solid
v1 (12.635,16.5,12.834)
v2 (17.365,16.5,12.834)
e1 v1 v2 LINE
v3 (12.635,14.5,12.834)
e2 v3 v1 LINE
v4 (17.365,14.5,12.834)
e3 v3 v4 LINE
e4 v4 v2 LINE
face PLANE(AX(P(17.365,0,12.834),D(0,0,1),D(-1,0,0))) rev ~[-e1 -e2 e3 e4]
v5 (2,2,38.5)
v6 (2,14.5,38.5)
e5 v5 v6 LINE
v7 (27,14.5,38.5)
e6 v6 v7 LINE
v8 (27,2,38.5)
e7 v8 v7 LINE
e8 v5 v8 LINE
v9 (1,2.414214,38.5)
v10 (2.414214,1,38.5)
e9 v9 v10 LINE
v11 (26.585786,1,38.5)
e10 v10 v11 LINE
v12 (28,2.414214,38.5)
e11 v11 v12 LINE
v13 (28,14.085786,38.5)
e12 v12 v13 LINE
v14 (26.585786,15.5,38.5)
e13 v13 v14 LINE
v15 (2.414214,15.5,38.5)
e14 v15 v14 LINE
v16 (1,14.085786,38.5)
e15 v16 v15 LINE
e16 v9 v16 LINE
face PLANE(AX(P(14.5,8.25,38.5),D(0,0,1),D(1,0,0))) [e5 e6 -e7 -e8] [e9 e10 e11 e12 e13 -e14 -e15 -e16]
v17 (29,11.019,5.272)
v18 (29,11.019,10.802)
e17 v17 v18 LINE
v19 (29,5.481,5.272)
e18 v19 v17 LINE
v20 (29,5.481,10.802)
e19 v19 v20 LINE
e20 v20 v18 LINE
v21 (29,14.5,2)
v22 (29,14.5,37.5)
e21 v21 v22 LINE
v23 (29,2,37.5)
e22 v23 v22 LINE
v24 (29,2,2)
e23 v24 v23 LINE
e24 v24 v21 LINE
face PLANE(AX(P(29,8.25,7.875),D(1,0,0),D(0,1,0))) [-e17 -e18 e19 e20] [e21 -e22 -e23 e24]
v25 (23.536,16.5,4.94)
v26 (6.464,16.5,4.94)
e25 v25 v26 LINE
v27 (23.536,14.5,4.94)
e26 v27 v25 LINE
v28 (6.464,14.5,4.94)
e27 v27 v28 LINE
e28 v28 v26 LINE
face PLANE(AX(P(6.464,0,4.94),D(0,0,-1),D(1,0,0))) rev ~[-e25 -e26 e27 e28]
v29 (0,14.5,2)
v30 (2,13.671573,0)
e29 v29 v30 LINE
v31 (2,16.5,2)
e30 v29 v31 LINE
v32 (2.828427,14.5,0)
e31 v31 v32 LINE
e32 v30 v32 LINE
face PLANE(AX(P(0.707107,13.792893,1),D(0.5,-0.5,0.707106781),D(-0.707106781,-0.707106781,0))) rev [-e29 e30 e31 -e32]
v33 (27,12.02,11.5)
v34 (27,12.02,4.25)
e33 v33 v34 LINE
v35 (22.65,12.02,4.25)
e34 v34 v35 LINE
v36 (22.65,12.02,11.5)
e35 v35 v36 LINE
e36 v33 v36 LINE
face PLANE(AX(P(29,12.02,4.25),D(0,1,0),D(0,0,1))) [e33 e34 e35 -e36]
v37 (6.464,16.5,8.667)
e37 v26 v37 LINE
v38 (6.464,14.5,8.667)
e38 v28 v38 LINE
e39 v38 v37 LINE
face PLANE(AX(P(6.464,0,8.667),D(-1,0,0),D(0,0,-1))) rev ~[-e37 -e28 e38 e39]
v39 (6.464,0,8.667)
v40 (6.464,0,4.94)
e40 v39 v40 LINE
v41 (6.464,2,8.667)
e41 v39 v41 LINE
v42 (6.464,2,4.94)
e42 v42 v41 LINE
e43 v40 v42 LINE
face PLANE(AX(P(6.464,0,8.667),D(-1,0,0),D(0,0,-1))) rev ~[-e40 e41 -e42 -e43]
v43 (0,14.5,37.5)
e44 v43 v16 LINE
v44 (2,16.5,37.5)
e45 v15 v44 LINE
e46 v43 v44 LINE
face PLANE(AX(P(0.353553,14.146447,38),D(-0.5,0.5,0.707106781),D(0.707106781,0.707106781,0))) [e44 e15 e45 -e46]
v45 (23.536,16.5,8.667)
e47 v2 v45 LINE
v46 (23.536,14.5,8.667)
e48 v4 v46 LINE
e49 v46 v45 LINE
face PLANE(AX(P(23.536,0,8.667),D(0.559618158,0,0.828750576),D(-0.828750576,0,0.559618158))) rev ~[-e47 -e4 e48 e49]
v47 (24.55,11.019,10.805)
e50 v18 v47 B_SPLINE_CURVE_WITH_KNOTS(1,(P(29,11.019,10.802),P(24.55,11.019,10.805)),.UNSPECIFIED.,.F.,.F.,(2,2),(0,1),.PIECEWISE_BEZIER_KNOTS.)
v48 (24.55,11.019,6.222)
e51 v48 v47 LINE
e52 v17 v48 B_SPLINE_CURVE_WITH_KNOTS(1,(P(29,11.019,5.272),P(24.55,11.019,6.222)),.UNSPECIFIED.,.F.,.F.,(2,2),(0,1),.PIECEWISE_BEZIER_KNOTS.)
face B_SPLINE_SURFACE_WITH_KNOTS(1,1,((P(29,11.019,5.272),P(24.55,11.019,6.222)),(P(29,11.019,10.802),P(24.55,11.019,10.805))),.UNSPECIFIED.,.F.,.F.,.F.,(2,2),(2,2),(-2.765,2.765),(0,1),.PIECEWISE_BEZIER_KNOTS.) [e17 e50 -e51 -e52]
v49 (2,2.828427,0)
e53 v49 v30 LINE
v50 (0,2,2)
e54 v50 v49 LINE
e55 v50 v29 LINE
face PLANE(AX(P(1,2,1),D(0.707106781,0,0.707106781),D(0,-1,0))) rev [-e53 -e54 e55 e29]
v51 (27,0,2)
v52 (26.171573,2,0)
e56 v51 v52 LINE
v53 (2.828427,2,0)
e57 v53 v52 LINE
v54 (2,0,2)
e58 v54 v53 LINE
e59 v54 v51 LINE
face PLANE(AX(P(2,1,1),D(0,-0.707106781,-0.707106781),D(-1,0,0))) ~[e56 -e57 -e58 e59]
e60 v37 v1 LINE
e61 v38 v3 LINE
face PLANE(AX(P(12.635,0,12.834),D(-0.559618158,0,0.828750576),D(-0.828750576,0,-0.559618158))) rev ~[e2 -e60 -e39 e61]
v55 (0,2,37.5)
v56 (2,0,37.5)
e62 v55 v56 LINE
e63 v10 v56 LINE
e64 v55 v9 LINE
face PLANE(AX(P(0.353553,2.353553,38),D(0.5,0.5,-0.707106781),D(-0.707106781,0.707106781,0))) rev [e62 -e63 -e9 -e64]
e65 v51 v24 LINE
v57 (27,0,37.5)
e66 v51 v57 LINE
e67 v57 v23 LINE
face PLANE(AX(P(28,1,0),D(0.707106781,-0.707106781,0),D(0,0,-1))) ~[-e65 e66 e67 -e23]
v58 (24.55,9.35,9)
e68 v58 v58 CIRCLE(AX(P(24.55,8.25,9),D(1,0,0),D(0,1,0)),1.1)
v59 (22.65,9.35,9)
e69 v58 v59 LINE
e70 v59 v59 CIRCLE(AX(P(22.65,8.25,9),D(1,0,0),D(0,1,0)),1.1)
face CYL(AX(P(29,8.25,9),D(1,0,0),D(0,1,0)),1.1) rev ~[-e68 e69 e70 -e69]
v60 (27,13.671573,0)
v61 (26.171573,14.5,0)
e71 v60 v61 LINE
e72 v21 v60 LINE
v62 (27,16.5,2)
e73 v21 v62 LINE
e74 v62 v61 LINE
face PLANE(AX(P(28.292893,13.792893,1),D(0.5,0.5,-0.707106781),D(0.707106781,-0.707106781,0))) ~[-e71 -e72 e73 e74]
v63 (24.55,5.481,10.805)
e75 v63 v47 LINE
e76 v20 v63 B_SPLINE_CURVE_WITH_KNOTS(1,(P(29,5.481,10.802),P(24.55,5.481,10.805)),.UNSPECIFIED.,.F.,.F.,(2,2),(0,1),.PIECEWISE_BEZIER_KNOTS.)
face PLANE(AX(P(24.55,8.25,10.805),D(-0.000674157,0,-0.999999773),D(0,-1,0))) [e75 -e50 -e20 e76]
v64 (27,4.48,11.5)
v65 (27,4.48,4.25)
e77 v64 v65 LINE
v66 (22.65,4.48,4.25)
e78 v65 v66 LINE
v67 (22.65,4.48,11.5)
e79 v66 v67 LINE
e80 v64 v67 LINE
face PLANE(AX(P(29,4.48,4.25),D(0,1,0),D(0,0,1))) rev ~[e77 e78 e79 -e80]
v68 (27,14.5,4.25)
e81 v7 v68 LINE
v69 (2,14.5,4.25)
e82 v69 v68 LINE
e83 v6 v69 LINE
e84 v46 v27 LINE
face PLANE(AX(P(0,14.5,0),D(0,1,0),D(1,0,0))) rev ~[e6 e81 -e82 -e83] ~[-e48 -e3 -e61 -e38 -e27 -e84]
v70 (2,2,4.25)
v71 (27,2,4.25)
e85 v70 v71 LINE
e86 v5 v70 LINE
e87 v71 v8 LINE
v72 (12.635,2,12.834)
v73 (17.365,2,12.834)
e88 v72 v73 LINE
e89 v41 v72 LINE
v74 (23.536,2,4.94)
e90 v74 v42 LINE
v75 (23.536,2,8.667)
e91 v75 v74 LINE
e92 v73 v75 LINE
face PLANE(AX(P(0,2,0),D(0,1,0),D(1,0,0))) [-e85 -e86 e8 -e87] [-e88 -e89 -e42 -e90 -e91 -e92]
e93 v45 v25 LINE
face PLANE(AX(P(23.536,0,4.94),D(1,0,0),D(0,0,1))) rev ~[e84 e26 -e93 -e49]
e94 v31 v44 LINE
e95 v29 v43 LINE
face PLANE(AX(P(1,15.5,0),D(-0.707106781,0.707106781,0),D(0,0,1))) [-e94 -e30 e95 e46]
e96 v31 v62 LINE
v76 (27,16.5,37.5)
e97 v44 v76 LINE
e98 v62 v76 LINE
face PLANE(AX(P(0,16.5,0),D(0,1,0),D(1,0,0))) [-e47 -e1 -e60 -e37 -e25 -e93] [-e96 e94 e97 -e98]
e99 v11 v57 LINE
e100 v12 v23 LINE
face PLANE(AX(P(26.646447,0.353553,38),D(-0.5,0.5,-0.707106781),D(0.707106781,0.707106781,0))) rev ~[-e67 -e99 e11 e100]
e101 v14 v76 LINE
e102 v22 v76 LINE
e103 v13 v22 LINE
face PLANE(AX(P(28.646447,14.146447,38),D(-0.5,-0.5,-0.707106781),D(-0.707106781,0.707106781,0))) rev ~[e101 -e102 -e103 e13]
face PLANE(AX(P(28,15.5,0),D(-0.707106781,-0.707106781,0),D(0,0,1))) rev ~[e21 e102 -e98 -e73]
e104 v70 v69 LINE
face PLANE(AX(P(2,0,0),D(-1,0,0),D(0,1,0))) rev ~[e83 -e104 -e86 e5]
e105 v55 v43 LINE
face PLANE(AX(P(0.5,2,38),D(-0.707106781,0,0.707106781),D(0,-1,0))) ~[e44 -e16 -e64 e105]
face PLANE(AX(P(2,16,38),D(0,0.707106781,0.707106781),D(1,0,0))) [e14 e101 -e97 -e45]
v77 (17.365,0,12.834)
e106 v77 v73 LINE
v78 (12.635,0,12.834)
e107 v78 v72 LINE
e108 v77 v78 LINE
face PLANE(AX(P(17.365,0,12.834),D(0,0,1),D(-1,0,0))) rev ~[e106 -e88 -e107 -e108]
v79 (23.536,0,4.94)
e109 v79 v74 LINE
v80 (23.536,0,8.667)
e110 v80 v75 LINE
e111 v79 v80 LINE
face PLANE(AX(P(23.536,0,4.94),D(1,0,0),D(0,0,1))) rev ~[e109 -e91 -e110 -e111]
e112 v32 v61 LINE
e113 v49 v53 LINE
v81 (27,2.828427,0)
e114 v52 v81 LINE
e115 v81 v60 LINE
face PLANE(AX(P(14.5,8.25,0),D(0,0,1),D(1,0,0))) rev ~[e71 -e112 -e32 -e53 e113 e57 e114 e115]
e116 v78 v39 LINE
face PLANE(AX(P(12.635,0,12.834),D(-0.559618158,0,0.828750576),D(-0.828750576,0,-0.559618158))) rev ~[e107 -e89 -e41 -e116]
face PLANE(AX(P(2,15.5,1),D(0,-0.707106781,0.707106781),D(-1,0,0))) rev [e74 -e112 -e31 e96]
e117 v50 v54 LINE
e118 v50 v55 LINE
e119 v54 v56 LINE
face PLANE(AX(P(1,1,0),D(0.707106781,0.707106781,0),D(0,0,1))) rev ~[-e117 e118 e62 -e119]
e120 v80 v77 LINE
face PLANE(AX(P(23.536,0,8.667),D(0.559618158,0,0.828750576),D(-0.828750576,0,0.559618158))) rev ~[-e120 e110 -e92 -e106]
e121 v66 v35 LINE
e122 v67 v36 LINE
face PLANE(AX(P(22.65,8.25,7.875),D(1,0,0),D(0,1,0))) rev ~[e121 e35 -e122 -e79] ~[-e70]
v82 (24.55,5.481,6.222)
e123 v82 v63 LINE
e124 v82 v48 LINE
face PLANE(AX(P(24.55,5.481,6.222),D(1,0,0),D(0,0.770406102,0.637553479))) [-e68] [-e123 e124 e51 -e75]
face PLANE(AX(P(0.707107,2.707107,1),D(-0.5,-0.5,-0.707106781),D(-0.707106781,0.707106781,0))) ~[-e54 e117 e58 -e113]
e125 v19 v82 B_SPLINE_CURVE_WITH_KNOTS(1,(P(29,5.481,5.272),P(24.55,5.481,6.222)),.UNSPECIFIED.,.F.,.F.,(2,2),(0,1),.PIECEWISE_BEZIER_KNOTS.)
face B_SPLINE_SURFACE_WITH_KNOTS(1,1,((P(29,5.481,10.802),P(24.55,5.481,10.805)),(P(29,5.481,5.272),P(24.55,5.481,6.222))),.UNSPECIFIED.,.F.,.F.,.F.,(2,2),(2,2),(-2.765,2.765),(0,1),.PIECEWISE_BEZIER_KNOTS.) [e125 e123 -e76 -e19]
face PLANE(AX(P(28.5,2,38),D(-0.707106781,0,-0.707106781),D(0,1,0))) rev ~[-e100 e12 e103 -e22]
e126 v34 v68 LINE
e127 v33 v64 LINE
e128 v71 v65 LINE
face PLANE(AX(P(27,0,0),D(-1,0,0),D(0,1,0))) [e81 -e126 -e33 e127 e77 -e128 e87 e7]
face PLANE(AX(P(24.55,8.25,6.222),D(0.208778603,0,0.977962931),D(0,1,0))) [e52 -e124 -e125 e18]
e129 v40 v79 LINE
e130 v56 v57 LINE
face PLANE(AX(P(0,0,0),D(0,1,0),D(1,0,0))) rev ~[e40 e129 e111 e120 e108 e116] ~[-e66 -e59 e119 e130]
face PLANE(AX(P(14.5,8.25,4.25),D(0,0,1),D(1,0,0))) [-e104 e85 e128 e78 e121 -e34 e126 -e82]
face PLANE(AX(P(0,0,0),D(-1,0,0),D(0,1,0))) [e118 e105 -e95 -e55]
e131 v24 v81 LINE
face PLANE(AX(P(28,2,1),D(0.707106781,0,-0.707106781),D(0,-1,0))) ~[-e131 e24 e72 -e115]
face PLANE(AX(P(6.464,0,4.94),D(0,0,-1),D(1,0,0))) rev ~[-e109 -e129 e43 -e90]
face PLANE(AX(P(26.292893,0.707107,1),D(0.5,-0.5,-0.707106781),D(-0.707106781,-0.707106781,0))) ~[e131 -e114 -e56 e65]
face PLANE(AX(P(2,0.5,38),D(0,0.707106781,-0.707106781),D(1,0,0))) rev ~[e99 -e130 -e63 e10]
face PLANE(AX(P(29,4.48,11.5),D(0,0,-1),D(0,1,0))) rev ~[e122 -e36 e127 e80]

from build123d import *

# Parameters (mm, degrees)
F0_W      = 29
F0_H      = 16.5
F1_DEPTH  = 38.5
F2_T      = -2
F3_DEPTH  = 2.25
F4_SIZE   = 2
F5_SIZE   = 2
F6_SIZE   = 1
F8_DEPTH  = 16.501
F9_W      = 7.54
F9_H      = 7.25
F9_R      = 1.1
F10_DEPTH = 6.35
F11_W     = 5.538
F11_H     = 5.53
F13_W     = 5.538
F13_H     = 4.583


with BuildPart() as f1:
    # F0 (on Top) → F1 (new body)
    with BuildSketch(Plane.XY):
        with Locations((14.5, 8.25)):
            Rectangle(F0_W, F0_H)
    extrude(amount=F1_DEPTH)

    # F2
    f2_openings = [f1.faces().sort_by_distance(p)[0] for p in [
        (14.5, 8.25, 38.5),
    ]]
    offset(amount=F2_T, openings=f2_openings)

    # F3 (add): a face of the model
    f3_faces = [f1.faces().sort_by_distance(p)[0] for p in [
        (14.5, 8.25, 2),
    ]]
    extrude(f3_faces, amount=F3_DEPTH)

    # F4
    f4_edges = [f1.edges().sort_by_distance(p)[0] for p in [
        (29, 16.5, 19.25),
        (29, 0, 19.25),
        (0, 16.5, 19.25),
        (0, 0, 19.25),
    ]]
    chamfer(f4_edges, length=F4_SIZE)

    # F5
    f5_edges = [f1.edges().sort_by_distance(p)[0] for p in [
        (0, 8.25, 0),
        (1, 15.5, 0),
        (1, 1, 0),
        (14.5, 16.5, 0),
        (14.5, 0, 0),
        (28, 15.5, 0),
        (28, 1, 0),
        (29, 8.25, 0),
    ]]
    chamfer(f5_edges, length=F5_SIZE)

    # F6
    f6_edges = [f1.edges().sort_by_distance(p)[0] for p in [
        (14.5, 0, 38.5),
        (1, 1, 38.5),
        (0, 8.25, 38.5),
        (1, 15.5, 38.5),
        (14.5, 16.5, 38.5),
        (28, 15.5, 38.5),
        (29, 8.25, 38.5),
        (28, 1, 38.5),
    ]]
    chamfer(f6_edges, length=F6_SIZE)

    # F7 (on face) → F8 (cut, through all)
    with BuildSketch(Plane.XZ):
        Polygon((17.365, 12.834), (12.635, 12.834), (6.464, 8.667), (6.464, 4.94), (23.536, 4.94), (23.536, 8.667), align=None)
    extrude(amount=-F8_DEPTH, mode=Mode.SUBTRACT)

    # F9 (on face) → F10 (join)
    with BuildSketch(Plane.YZ.offset(29)):
        with Locations((8.25, 7.875)):
            Rectangle(F9_W, F9_H)
        with Locations((8.25, 9)):
            Circle(F9_R, mode=Mode.SUBTRACT)
    extrude(amount=-F10_DEPTH)

    # F11 (on face) → F14 section 0
    with BuildSketch(Plane.YZ.offset(29)):
        with Locations((8.25, 8.037)):
            Rectangle(F11_W, F11_H)
    # F13 (on offset) → F14 section 1
    with BuildSketch(Plane.YZ.offset(24.55)):
        with Locations((8.25, 8.5135)):
            Rectangle(F13_W, F13_H)
    loft(mode=Mode.SUBTRACT)


solid = f1.part
